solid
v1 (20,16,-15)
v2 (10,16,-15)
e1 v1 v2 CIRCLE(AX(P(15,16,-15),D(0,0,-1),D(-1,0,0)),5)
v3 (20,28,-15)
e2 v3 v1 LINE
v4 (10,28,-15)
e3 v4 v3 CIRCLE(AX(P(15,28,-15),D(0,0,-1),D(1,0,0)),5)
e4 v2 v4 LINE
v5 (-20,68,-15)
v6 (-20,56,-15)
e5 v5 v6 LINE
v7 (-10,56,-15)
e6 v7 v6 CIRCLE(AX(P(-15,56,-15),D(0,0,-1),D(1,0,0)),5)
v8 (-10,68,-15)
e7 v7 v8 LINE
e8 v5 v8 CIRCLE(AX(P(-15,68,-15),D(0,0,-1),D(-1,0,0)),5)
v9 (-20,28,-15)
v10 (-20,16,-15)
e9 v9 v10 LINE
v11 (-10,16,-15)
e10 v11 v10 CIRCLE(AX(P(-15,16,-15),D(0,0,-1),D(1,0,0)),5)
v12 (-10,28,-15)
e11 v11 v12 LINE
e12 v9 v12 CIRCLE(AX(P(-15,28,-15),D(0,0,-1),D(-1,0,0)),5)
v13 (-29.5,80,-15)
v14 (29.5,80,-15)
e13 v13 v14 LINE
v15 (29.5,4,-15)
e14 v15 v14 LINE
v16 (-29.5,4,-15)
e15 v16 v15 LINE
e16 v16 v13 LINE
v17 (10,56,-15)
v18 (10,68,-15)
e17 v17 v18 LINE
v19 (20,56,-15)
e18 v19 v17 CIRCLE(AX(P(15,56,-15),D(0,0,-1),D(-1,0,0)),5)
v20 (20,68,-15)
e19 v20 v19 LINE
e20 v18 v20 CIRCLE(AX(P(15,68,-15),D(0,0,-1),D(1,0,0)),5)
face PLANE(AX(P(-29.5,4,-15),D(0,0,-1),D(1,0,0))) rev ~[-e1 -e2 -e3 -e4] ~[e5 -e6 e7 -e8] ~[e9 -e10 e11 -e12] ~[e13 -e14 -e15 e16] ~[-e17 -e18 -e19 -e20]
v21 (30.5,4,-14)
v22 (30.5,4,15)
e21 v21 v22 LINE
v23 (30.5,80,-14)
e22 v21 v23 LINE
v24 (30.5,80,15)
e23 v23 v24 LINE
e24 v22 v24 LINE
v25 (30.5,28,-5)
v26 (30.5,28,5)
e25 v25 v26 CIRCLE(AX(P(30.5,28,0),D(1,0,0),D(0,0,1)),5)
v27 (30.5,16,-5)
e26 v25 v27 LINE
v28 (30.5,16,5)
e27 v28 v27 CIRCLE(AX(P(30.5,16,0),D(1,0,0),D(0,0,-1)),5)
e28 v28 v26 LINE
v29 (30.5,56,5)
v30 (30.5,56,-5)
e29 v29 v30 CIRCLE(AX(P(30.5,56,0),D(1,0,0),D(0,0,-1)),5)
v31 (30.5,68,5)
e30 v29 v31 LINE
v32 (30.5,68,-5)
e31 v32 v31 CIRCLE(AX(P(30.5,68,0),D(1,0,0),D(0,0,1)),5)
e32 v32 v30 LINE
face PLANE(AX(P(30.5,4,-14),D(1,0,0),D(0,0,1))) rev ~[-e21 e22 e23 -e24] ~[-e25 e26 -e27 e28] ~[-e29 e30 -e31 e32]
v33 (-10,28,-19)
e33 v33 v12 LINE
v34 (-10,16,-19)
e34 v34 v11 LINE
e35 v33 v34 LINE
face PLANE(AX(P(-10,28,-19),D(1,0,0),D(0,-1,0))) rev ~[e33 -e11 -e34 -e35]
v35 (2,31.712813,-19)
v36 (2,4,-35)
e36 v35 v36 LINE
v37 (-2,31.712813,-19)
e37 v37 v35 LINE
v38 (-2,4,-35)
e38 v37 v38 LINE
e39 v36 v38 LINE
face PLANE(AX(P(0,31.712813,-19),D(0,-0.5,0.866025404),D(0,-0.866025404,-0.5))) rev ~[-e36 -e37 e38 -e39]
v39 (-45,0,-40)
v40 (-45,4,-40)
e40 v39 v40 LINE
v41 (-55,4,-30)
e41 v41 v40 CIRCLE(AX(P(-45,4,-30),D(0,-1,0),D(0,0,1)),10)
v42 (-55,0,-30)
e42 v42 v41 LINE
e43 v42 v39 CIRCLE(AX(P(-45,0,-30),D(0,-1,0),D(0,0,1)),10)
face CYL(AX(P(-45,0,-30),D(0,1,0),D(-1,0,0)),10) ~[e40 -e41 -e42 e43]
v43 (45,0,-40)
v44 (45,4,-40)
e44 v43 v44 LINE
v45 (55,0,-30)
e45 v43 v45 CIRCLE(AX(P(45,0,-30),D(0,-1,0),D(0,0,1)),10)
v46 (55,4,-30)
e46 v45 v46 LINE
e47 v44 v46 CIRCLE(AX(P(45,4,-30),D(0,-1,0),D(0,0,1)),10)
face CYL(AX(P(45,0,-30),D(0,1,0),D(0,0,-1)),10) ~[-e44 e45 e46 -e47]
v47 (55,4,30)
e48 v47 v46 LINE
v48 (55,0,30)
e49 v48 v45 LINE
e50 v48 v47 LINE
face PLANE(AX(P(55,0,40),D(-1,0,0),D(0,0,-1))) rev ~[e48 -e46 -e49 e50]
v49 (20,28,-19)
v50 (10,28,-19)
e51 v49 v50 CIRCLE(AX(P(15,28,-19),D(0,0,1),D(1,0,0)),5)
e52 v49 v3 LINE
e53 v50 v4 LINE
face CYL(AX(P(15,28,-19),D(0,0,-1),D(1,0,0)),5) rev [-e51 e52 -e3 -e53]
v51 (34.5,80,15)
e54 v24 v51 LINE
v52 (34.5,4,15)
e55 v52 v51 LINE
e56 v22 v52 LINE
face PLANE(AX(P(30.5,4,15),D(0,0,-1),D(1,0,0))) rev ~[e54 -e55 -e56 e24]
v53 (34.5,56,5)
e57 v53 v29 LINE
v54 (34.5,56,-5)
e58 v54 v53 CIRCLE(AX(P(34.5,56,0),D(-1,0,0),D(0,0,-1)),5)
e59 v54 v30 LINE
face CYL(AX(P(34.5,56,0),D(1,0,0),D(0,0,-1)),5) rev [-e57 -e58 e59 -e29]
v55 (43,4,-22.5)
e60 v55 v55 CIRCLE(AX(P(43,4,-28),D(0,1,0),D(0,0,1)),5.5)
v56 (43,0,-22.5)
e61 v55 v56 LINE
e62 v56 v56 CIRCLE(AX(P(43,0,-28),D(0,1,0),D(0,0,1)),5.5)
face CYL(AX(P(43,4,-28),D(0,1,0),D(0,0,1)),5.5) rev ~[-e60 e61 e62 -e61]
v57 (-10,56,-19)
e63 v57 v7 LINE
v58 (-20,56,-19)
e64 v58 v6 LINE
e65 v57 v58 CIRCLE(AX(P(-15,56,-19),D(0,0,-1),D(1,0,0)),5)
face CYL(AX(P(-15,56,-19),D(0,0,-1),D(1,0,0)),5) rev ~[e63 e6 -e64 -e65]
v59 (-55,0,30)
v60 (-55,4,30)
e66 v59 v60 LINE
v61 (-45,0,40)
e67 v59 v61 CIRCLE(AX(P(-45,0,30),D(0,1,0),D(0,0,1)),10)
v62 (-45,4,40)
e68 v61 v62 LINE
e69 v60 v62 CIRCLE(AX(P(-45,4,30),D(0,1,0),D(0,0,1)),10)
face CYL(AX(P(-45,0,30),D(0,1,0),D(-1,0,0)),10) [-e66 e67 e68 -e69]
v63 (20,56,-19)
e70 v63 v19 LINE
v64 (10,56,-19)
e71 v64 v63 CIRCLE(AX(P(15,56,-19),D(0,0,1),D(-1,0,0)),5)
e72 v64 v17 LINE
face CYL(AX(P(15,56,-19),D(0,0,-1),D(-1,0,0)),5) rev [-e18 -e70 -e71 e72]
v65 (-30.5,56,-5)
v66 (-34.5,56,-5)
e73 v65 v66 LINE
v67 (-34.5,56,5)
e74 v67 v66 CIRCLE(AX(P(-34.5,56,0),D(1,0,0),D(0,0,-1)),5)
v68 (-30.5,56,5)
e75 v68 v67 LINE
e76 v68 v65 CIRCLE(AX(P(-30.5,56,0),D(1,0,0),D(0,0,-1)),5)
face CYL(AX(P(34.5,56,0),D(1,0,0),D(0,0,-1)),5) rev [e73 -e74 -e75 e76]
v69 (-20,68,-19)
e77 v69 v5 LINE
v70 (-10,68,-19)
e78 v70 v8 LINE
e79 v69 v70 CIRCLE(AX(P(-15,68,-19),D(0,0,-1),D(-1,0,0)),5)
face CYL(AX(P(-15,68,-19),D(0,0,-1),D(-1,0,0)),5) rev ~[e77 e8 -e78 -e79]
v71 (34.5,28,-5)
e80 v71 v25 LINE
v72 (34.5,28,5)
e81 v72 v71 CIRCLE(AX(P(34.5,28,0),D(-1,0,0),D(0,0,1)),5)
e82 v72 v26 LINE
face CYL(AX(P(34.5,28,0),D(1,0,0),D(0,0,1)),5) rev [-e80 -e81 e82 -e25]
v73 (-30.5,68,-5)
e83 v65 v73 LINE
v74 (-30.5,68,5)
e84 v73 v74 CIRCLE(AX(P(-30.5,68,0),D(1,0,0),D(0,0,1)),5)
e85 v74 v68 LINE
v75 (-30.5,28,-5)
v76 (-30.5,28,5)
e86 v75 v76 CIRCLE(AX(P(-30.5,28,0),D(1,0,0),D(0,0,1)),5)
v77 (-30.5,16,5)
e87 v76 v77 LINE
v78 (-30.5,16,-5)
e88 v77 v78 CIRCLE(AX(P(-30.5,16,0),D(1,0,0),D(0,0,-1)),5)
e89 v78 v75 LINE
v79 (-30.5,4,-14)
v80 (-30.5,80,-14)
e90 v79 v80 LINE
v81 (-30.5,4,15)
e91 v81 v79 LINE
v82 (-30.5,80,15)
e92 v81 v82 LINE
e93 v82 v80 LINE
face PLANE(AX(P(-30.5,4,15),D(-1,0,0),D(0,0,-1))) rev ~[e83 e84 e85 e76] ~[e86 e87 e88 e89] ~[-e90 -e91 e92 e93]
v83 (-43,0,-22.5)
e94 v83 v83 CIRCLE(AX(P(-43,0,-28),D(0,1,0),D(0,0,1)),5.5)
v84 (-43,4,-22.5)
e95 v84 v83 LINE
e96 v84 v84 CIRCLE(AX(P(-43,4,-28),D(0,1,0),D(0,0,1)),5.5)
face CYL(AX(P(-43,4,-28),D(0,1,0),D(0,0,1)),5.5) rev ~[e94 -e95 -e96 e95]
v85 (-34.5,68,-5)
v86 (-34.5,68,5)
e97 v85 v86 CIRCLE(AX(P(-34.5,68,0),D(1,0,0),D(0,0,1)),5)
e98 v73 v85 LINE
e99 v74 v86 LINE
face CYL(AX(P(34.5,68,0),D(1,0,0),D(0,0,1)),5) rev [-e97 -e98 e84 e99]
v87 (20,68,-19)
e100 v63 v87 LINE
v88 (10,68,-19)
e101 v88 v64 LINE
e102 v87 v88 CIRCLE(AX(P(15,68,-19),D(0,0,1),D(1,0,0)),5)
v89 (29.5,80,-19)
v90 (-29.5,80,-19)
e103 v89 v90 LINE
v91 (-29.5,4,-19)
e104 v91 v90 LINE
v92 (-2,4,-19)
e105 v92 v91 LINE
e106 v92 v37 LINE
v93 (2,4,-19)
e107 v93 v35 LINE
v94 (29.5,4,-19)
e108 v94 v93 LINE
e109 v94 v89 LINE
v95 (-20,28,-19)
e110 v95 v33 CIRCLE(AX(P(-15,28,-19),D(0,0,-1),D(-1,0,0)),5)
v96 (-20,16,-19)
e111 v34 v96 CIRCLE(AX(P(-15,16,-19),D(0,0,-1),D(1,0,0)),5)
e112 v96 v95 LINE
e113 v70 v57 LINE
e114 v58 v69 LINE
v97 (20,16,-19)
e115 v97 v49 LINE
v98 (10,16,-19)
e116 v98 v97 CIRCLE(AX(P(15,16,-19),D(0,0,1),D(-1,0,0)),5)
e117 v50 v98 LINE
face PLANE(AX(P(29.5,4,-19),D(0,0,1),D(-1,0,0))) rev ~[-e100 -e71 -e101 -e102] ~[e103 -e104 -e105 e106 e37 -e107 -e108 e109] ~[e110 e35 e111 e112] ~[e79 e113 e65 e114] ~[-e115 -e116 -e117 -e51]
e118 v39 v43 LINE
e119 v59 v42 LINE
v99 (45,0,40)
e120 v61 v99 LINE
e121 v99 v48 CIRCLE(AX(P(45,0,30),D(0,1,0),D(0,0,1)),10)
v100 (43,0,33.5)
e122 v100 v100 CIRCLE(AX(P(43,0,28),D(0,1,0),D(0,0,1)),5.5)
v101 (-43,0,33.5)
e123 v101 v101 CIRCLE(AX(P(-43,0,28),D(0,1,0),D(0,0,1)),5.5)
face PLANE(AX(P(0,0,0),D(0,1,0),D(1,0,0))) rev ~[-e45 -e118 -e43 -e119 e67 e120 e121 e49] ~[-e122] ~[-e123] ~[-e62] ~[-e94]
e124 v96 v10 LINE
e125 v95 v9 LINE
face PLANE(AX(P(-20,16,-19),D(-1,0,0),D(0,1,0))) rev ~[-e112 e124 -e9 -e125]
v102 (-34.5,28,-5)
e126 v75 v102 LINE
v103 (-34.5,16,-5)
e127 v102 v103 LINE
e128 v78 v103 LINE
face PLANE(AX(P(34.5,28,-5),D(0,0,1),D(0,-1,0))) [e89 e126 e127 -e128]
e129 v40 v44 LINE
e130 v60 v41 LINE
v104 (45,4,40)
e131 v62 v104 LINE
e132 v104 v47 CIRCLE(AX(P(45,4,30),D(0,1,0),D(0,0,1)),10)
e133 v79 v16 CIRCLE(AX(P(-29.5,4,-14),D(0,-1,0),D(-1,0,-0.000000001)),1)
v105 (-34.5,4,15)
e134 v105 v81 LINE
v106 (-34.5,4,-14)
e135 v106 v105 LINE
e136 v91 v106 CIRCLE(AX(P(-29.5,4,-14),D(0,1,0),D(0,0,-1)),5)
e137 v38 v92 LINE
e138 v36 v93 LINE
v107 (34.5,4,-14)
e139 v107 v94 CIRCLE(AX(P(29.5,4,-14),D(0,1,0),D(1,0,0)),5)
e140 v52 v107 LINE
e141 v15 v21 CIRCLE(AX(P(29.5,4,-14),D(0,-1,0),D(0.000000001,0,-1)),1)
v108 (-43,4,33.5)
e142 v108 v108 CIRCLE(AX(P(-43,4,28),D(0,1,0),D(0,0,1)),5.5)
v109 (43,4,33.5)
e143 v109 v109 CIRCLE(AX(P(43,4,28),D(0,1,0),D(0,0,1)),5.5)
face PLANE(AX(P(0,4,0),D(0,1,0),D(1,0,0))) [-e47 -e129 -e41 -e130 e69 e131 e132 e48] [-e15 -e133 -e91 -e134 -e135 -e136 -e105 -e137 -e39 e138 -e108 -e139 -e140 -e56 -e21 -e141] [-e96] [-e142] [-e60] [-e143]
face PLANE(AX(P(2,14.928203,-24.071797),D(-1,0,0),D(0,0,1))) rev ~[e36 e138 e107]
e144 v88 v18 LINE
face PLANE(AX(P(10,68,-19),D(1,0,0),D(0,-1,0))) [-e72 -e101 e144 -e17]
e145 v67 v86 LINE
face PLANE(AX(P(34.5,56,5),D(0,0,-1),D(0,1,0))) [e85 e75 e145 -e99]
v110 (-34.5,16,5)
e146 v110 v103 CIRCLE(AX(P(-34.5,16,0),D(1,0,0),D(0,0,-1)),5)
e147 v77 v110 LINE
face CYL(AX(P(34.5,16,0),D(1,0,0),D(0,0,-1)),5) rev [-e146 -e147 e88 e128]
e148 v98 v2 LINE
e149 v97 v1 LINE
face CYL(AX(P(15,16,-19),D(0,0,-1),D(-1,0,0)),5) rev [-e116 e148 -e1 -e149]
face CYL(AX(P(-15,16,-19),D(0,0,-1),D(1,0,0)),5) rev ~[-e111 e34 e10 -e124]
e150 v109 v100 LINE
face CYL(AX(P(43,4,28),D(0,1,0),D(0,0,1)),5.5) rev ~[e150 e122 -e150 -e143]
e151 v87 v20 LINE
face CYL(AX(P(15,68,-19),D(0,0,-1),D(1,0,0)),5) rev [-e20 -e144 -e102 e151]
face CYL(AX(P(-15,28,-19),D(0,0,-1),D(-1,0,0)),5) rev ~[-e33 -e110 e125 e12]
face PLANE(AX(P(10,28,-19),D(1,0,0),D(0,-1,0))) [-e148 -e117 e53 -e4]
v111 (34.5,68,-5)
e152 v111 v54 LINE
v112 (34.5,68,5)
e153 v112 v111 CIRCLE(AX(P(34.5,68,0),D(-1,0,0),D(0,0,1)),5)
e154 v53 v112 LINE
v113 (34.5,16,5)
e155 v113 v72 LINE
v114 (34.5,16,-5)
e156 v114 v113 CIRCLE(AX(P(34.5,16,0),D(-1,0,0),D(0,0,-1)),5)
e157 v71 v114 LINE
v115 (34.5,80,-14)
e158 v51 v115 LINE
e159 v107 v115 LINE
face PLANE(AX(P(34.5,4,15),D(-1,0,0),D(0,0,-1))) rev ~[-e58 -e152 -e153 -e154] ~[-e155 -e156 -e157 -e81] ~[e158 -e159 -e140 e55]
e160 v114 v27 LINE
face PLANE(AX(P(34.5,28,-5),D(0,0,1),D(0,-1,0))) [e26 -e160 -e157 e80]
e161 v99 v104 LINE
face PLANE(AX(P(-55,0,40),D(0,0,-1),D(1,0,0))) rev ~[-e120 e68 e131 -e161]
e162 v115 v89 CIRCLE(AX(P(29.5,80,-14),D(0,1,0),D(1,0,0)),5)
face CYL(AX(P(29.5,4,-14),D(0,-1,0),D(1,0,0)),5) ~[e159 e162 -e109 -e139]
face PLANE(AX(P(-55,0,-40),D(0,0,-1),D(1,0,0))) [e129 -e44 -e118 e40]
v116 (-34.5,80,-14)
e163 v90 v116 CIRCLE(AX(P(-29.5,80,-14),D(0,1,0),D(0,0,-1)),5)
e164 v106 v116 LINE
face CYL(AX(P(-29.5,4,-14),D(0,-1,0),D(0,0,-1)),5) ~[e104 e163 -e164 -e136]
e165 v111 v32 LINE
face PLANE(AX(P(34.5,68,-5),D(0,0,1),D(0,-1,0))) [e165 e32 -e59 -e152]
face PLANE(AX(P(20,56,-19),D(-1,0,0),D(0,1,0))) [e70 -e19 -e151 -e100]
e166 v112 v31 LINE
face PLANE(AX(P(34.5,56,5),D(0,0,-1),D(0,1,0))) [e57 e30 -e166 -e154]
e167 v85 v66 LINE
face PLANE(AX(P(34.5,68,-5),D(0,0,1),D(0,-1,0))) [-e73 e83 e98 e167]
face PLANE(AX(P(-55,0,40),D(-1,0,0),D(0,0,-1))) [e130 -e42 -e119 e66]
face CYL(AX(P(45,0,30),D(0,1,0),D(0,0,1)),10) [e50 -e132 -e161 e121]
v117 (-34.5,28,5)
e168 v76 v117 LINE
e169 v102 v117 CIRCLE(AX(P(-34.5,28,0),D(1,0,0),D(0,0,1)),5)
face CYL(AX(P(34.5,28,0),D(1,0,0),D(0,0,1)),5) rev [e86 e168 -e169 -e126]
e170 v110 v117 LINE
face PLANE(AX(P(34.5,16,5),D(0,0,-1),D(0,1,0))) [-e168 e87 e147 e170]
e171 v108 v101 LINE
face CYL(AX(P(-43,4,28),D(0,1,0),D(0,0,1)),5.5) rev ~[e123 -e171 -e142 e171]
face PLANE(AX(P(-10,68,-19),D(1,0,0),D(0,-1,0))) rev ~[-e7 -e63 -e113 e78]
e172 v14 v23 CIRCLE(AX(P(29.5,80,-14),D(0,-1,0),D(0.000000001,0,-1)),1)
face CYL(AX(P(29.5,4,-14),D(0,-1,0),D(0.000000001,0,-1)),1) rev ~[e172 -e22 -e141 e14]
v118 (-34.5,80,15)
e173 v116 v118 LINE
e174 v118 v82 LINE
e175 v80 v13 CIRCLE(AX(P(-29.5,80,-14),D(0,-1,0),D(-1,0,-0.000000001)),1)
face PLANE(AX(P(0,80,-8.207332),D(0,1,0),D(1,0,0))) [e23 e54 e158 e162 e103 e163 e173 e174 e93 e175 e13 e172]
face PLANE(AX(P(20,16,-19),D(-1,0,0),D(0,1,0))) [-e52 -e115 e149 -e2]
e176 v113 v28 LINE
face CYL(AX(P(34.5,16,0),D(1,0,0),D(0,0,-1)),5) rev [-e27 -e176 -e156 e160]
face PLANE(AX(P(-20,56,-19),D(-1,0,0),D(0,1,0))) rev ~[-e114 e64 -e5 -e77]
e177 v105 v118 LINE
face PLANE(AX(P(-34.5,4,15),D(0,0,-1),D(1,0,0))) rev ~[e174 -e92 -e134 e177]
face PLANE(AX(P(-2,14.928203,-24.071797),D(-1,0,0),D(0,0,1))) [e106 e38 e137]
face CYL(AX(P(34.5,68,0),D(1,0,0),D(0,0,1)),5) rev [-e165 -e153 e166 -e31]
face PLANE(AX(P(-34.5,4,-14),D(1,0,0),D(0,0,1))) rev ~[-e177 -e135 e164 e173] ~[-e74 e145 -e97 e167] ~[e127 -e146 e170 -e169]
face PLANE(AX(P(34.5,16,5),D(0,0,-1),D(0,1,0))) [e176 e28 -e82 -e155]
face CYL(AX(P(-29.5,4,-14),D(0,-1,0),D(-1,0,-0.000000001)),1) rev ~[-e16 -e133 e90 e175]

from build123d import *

# Parameters (mm, degrees)
SKETCH_2_W          = 110
SKETCH_2_H          = 80
EXTRUDE_1_DEPTH     = 4
EXTRUDE_1_2_DEPTH   = 76
EXTRUDE_2_DEPTH     = 2
CUT_EXTRUDE_1_DEPTH = 90.5
SKETCH_6_R          = 5.5
CUT_EXTRUDE_2_DEPTH = 5
FILLET_1_R          = 10
CUT_EXTRUDE_3_REACH = 61


with BuildPart() as part:
    # Эскиз2 → Extrude 1 (new body)
    with BuildSketch(Plane(origin=(0, 0, 0), x_dir=(1, 0, 0), z_dir=(0, 1, 0))):
        Rectangle(SKETCH_2_W, SKETCH_2_H)
    extrude(amount=EXTRUDE_1_DEPTH)

    # Эскиз3 → Extrude 1 2 (add)
    with BuildSketch(Plane(origin=(0, 4, 0), x_dir=(1, 0, 0), z_dir=(0, 1, 0))):
        with BuildLine():
            Line((-30.5, -15), (-30.5, 14))
            ThreePointArc((-30.5, 14), (-30.207106781, 14.707106781), (-29.5, 15))
            Line((-29.5, 15), (29.5, 15))
            ThreePointArc((29.5, 15), (30.207106781, 14.707106781), (30.5, 14))
            Line((30.5, 14), (30.5, -15))
            Line((30.5, -15), (34.5, -15))
            Line((34.5, -15), (34.5, 14))
            ThreePointArc((34.5, 14), (33.035533906, 17.535533906), (29.5, 19))
            Line((29.5, 19), (-29.5, 19))
            ThreePointArc((-29.5, 19), (-33.035533906, 17.535533906), (-34.5, 14))
            Line((-34.5, 14), (-34.5, -15))
            Line((-34.5, -15), (-30.5, -15))
        make_face()
    extrude(amount=EXTRUDE_1_2_DEPTH)

    # Эскиз4 → Бобышка-Вытянуть2 (add, symmetric)
    with BuildSketch(Plane(origin=(0, 0, 0), x_dir=(0, 0, -1), z_dir=(1, 0, 0))):
        Polygon((19, 31.712812921), (35, 4), (19, 4), align=None)
    extrude(amount=EXTRUDE_2_DEPTH, both=True)

    # Эскиз5 → Вырез-Вытянуть1 (cut, through all)
    with BuildSketch(Plane(origin=(34.5, 0, 0), x_dir=(0, 0, -1), z_dir=(1, 0, 0))):
        with BuildLine():
            Line((5, 68), (5, 56))
            ThreePointArc((5, 56), (0, 51), (-5, 56))
            Line((-5, 56), (-5, 68))
            ThreePointArc((-5, 68), (0, 73), (5, 68))
        make_face()
        with BuildLine():
            Line((5, 28), (5, 16))
            ThreePointArc((5, 16), (0, 11), (-5, 16))
            Line((-5, 16), (-5, 28))
            ThreePointArc((-5, 28), (0, 33), (5, 28))
        make_face()
    extrude(amount=-CUT_EXTRUDE_1_DEPTH, mode=Mode.SUBTRACT)

    # Эскиз6 → Вырез-Вытянуть2 (cut, through all)
    with BuildSketch(Plane(origin=(0, 4, 0), x_dir=(1, 0, 0), z_dir=(0, 1, 0))):
        with Locations(Location((-43, 28, 0), (0, 0, 270))):  # turned: the seam where the file's is
            Circle(SKETCH_6_R)
        with Locations(Location((-43, -28, 0), (0, 0, 270))):  # turned: the seam where the file's is
            Circle(SKETCH_6_R)
        with Locations(Location((43, 28, 0), (0, 0, 270))):  # turned: the seam where the file's is
            Circle(SKETCH_6_R)
        with Locations(Location((43, -28, 0), (0, 0, 270))):  # turned: the seam where the file's is
            Circle(SKETCH_6_R)
    extrude(amount=-CUT_EXTRUDE_2_DEPTH, mode=Mode.SUBTRACT)

    # Скругление1
    fillet_1_edges = [part.edges().sort_by_distance(p)[0] for p in [
        (55, 2, 40),
        (-55, 2, 40),
        (-55, 2, -40),
        (55, 2, -40),
    ]]
    fillet(fillet_1_edges, radius=FILLET_1_R)

    # Эскиз8 → Вырез-Вытянуть3 (cut, up to next)
    with BuildSketch(Plane(origin=(0, 0, -19), x_dir=(-1, 0, 0), z_dir=(0, 0, -1)), mode=Mode.PRIVATE) as cut_extrude_3_sk1:
        with BuildLine():
            Line((-10, 68), (-10, 56))
            ThreePointArc((-10, 56), (-15, 51), (-20, 56))
            Line((-20, 56), (-20, 68))
            ThreePointArc((-20, 68), (-15, 73), (-10, 68))
        make_face()
    cut_extrude_3_tool1 = extrude(cut_extrude_3_sk1.sketch, amount=-CUT_EXTRUDE_3_REACH, mode=Mode.PRIVATE) & part.part
    add(cut_extrude_3_tool1.solids().sort_by_distance((15, 62, -19))[0], mode=Mode.SUBTRACT)
    # Эскиз8 → Вырез-Вытянуть3 (cut, up to next)
    with BuildSketch(Plane(origin=(0, 0, -19), x_dir=(-1, 0, 0), z_dir=(0, 0, -1)), mode=Mode.PRIVATE) as cut_extrude_3_sk2:
        with BuildLine():
            Line((-10, 28), (-10, 16))
            ThreePointArc((-10, 16), (-15, 11), (-20, 16))
            Line((-20, 16), (-20, 28))
            ThreePointArc((-20, 28), (-15, 33), (-10, 28))
        make_face()
    cut_extrude_3_tool2 = extrude(cut_extrude_3_sk2.sketch, amount=-CUT_EXTRUDE_3_REACH, mode=Mode.PRIVATE) & part.part
    add(cut_extrude_3_tool2.solids().sort_by_distance((15, 22, -19))[0], mode=Mode.SUBTRACT)
    # Эскиз8 → Вырез-Вытянуть3 (cut, up to next)
    with BuildSketch(Plane(origin=(0, 0, -19), x_dir=(-1, 0, 0), z_dir=(0, 0, -1)), mode=Mode.PRIVATE) as cut_extrude_3_sk3:
        with BuildLine():
            Line((10, 68), (10, 56))
            ThreePointArc((10, 56), (15, 51), (20, 56))
            Line((20, 56), (20, 68))
            ThreePointArc((20, 68), (15, 73), (10, 68))
        make_face()
    cut_extrude_3_tool3 = extrude(cut_extrude_3_sk3.sketch, amount=-CUT_EXTRUDE_3_REACH, mode=Mode.PRIVATE) & part.part
    add(cut_extrude_3_tool3.solids().sort_by_distance((-15, 62, -19))[0], mode=Mode.SUBTRACT)
    # Эскиз8 → Вырез-Вытянуть3 (cut, up to next)
    with BuildSketch(Plane(origin=(0, 0, -19), x_dir=(-1, 0, 0), z_dir=(0, 0, -1)), mode=Mode.PRIVATE) as cut_extrude_3_sk4:
        with BuildLine():
            Line((10, 28), (10, 16))
            ThreePointArc((10, 16), (15, 11), (20, 16))
            Line((20, 16), (20, 28))
            ThreePointArc((20, 28), (15, 33), (10, 28))
        make_face()
    cut_extrude_3_tool4 = extrude(cut_extrude_3_sk4.sketch, amount=-CUT_EXTRUDE_3_REACH, mode=Mode.PRIVATE) & part.part
    add(cut_extrude_3_tool4.solids().sort_by_distance((-15, 22, -19))[0], mode=Mode.SUBTRACT)


solid = part.part
